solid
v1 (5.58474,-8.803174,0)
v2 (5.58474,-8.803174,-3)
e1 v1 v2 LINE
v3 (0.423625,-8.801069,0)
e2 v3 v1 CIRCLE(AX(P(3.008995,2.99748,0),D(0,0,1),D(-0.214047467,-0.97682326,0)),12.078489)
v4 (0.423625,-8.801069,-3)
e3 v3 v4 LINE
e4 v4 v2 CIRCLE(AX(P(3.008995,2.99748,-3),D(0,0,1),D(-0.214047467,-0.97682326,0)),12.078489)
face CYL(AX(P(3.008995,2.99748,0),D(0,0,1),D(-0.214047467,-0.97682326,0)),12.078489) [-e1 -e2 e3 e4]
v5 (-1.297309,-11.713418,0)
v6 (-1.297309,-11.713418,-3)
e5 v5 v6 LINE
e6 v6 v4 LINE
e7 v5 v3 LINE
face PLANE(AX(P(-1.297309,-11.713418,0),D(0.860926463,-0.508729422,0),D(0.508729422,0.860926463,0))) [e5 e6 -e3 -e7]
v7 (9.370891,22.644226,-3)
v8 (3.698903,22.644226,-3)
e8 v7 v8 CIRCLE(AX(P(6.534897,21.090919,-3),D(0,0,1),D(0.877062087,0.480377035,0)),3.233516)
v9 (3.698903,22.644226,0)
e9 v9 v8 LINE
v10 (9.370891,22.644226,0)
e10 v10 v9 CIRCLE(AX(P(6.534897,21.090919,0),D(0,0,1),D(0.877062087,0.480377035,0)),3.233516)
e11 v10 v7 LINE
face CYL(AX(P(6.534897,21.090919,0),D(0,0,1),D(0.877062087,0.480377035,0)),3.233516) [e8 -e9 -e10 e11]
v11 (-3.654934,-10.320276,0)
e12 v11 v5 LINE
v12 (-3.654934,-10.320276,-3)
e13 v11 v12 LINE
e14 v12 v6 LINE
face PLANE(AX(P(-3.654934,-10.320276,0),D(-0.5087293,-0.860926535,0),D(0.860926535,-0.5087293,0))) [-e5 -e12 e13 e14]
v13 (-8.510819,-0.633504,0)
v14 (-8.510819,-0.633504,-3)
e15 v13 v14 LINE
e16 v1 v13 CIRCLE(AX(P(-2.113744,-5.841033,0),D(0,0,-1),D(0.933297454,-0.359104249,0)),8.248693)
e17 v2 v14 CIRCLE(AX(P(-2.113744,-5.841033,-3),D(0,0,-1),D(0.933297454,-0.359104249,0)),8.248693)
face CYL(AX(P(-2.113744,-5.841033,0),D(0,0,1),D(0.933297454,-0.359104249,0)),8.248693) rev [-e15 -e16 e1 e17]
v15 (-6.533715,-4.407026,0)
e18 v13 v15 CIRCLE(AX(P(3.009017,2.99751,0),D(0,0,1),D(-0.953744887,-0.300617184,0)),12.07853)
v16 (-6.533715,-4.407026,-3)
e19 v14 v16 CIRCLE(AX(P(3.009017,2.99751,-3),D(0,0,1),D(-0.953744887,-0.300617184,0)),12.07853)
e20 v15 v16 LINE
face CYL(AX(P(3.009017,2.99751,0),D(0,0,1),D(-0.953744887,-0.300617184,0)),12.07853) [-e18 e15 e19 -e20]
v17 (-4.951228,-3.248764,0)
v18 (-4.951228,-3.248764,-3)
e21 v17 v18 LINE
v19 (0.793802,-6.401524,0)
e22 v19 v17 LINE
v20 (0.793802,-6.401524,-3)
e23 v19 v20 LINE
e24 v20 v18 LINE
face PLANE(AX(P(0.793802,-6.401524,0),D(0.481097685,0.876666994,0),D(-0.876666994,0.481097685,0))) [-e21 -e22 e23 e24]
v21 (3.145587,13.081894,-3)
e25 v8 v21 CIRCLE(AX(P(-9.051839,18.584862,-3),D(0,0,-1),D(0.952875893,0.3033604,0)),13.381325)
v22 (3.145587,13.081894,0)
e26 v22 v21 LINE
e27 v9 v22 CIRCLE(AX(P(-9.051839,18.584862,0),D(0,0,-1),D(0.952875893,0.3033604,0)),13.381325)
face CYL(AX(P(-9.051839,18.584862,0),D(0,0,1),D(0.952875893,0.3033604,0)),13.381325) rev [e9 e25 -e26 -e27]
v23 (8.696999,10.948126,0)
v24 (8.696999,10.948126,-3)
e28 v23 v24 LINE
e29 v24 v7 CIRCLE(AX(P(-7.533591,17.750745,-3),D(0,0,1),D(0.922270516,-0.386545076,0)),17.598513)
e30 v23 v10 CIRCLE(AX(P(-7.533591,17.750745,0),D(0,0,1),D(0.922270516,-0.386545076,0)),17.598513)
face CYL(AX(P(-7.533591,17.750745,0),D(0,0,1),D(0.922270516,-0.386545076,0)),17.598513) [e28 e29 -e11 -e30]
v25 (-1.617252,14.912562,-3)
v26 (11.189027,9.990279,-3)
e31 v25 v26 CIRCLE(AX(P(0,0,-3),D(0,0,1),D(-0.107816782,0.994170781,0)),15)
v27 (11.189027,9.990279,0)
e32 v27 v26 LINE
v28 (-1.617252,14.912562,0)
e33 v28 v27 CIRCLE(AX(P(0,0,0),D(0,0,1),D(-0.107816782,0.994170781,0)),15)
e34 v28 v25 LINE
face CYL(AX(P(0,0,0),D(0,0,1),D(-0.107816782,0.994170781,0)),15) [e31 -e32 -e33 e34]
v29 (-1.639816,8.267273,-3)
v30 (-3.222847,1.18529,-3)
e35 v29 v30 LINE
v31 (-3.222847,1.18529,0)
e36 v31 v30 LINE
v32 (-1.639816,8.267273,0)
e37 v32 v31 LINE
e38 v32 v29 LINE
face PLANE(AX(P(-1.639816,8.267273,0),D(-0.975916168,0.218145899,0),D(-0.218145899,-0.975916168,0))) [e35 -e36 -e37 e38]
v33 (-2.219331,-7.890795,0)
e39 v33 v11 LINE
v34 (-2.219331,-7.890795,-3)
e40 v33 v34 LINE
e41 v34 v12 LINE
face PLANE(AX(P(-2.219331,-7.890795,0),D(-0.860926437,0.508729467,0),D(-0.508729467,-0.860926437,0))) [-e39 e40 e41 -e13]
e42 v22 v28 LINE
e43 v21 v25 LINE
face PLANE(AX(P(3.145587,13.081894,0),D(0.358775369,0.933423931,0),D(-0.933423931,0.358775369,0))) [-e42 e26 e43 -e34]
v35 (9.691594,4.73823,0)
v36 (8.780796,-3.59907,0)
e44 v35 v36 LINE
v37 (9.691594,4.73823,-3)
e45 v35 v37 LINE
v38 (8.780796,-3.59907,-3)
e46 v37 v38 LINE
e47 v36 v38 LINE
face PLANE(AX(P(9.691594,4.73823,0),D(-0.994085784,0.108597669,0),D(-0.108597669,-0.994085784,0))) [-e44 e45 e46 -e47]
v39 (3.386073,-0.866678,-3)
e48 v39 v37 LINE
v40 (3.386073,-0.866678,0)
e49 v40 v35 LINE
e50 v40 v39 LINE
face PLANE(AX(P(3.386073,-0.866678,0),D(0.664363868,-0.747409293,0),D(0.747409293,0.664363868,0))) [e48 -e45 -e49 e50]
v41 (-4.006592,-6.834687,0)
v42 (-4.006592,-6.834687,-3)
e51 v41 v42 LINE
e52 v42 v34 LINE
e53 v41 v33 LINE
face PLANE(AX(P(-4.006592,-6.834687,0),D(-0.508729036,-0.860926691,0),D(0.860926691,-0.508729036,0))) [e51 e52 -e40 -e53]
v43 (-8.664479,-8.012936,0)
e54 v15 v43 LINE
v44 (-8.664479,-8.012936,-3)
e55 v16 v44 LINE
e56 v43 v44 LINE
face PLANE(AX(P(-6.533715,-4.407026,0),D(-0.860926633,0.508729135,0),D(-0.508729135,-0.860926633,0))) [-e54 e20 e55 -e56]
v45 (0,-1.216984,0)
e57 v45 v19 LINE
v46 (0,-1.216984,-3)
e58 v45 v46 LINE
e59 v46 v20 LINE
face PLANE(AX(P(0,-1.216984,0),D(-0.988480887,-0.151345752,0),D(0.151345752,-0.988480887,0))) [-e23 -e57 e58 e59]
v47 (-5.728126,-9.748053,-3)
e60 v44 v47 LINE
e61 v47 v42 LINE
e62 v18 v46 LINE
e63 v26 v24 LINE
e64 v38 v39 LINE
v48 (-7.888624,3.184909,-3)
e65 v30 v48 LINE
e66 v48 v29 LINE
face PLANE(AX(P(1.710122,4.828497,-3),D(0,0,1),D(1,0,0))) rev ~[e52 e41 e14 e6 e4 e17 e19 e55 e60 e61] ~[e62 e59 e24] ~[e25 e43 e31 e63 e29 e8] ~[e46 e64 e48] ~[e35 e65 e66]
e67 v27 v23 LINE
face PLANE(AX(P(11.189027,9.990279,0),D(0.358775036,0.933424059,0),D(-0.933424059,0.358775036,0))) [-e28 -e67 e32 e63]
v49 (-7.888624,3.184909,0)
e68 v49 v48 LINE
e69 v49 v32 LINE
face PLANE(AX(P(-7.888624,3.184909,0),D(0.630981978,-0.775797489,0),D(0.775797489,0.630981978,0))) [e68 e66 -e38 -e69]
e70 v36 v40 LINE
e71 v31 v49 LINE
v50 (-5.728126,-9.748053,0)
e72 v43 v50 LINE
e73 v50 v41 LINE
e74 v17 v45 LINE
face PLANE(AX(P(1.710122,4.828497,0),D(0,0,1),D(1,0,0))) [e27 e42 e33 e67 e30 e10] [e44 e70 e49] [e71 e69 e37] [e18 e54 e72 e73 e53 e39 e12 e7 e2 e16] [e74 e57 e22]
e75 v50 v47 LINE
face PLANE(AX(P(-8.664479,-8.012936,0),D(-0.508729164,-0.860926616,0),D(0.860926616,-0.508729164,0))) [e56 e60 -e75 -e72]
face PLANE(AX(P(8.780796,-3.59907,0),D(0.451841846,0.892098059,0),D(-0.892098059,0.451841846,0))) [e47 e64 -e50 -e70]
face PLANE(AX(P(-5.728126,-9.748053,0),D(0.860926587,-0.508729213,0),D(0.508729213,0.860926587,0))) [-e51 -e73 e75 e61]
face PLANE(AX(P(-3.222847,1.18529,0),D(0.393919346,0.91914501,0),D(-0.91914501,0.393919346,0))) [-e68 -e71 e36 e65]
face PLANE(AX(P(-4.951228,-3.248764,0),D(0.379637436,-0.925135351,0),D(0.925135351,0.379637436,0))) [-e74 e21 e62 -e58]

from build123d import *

# Parameters (mm, degrees)
F1_DEPTH = 3


with BuildPart() as f1:
    # F0 (on Top) → F1 (new body)
    with BuildSketch(Plane.XY):
        with BuildLine():
            Line((3.145587, 13.081894), (-1.617252, 14.912562))
            ThreePointArc((-1.617252, 14.912562), (-5.38163, -14.001359), (11.189027, 9.990279))
            Line((11.189027, 9.990279), (8.696999, 10.948126))
            ThreePointArc((8.696999, 10.948126), (10.035784, 16.738453), (9.370891, 22.644226))
            ThreePointArc((9.370891, 22.644226), (6.534897, 24.324435), (3.698903, 22.644226))
            ThreePointArc((3.698903, 22.644226), (4.30714, 17.811856), (3.145587, 13.081894))
        make_face()
        with BuildLine():
            ThreePointArc((5.58474, -8.803174), (-6.250082, -12.977674), (-8.510819, -0.633504))
            ThreePointArc((-8.510819, -0.633504), (-7.689946, -2.608119), (-6.533715, -4.407026))
            Line((-6.533715, -4.407026), (-8.664479, -8.012936))
            Line((-8.664479, -8.012936), (-5.728126, -9.748053))
            Line((-5.728126, -9.748053), (-4.006592, -6.834687))
            Line((-4.006592, -6.834687), (-2.219331, -7.890795))
            Line((-2.219331, -7.890795), (-3.654934, -10.320276))
            Line((-3.654934, -10.320276), (-1.297309, -11.713418))
            Line((-1.297309, -11.713418), (0.423625, -8.801069))
            ThreePointArc((0.423625, -8.801069), (3.004069, -9.081008), (5.58474, -8.803174))
        make_face(mode=Mode.SUBTRACT)
        Polygon((0.793802, -6.401524), (-4.951228, -3.248764), (0, -1.216984), align=None, mode=Mode.SUBTRACT)
        Polygon((8.780796, -3.59907), (3.386073, -0.866678), (9.691594, 4.73823), align=None, mode=Mode.SUBTRACT)
        Polygon((-3.222847, 1.18529), (-7.888624, 3.184909), (-1.639816, 8.267273), align=None, mode=Mode.SUBTRACT)
    extrude(amount=-F1_DEPTH)


solid = f1.part
